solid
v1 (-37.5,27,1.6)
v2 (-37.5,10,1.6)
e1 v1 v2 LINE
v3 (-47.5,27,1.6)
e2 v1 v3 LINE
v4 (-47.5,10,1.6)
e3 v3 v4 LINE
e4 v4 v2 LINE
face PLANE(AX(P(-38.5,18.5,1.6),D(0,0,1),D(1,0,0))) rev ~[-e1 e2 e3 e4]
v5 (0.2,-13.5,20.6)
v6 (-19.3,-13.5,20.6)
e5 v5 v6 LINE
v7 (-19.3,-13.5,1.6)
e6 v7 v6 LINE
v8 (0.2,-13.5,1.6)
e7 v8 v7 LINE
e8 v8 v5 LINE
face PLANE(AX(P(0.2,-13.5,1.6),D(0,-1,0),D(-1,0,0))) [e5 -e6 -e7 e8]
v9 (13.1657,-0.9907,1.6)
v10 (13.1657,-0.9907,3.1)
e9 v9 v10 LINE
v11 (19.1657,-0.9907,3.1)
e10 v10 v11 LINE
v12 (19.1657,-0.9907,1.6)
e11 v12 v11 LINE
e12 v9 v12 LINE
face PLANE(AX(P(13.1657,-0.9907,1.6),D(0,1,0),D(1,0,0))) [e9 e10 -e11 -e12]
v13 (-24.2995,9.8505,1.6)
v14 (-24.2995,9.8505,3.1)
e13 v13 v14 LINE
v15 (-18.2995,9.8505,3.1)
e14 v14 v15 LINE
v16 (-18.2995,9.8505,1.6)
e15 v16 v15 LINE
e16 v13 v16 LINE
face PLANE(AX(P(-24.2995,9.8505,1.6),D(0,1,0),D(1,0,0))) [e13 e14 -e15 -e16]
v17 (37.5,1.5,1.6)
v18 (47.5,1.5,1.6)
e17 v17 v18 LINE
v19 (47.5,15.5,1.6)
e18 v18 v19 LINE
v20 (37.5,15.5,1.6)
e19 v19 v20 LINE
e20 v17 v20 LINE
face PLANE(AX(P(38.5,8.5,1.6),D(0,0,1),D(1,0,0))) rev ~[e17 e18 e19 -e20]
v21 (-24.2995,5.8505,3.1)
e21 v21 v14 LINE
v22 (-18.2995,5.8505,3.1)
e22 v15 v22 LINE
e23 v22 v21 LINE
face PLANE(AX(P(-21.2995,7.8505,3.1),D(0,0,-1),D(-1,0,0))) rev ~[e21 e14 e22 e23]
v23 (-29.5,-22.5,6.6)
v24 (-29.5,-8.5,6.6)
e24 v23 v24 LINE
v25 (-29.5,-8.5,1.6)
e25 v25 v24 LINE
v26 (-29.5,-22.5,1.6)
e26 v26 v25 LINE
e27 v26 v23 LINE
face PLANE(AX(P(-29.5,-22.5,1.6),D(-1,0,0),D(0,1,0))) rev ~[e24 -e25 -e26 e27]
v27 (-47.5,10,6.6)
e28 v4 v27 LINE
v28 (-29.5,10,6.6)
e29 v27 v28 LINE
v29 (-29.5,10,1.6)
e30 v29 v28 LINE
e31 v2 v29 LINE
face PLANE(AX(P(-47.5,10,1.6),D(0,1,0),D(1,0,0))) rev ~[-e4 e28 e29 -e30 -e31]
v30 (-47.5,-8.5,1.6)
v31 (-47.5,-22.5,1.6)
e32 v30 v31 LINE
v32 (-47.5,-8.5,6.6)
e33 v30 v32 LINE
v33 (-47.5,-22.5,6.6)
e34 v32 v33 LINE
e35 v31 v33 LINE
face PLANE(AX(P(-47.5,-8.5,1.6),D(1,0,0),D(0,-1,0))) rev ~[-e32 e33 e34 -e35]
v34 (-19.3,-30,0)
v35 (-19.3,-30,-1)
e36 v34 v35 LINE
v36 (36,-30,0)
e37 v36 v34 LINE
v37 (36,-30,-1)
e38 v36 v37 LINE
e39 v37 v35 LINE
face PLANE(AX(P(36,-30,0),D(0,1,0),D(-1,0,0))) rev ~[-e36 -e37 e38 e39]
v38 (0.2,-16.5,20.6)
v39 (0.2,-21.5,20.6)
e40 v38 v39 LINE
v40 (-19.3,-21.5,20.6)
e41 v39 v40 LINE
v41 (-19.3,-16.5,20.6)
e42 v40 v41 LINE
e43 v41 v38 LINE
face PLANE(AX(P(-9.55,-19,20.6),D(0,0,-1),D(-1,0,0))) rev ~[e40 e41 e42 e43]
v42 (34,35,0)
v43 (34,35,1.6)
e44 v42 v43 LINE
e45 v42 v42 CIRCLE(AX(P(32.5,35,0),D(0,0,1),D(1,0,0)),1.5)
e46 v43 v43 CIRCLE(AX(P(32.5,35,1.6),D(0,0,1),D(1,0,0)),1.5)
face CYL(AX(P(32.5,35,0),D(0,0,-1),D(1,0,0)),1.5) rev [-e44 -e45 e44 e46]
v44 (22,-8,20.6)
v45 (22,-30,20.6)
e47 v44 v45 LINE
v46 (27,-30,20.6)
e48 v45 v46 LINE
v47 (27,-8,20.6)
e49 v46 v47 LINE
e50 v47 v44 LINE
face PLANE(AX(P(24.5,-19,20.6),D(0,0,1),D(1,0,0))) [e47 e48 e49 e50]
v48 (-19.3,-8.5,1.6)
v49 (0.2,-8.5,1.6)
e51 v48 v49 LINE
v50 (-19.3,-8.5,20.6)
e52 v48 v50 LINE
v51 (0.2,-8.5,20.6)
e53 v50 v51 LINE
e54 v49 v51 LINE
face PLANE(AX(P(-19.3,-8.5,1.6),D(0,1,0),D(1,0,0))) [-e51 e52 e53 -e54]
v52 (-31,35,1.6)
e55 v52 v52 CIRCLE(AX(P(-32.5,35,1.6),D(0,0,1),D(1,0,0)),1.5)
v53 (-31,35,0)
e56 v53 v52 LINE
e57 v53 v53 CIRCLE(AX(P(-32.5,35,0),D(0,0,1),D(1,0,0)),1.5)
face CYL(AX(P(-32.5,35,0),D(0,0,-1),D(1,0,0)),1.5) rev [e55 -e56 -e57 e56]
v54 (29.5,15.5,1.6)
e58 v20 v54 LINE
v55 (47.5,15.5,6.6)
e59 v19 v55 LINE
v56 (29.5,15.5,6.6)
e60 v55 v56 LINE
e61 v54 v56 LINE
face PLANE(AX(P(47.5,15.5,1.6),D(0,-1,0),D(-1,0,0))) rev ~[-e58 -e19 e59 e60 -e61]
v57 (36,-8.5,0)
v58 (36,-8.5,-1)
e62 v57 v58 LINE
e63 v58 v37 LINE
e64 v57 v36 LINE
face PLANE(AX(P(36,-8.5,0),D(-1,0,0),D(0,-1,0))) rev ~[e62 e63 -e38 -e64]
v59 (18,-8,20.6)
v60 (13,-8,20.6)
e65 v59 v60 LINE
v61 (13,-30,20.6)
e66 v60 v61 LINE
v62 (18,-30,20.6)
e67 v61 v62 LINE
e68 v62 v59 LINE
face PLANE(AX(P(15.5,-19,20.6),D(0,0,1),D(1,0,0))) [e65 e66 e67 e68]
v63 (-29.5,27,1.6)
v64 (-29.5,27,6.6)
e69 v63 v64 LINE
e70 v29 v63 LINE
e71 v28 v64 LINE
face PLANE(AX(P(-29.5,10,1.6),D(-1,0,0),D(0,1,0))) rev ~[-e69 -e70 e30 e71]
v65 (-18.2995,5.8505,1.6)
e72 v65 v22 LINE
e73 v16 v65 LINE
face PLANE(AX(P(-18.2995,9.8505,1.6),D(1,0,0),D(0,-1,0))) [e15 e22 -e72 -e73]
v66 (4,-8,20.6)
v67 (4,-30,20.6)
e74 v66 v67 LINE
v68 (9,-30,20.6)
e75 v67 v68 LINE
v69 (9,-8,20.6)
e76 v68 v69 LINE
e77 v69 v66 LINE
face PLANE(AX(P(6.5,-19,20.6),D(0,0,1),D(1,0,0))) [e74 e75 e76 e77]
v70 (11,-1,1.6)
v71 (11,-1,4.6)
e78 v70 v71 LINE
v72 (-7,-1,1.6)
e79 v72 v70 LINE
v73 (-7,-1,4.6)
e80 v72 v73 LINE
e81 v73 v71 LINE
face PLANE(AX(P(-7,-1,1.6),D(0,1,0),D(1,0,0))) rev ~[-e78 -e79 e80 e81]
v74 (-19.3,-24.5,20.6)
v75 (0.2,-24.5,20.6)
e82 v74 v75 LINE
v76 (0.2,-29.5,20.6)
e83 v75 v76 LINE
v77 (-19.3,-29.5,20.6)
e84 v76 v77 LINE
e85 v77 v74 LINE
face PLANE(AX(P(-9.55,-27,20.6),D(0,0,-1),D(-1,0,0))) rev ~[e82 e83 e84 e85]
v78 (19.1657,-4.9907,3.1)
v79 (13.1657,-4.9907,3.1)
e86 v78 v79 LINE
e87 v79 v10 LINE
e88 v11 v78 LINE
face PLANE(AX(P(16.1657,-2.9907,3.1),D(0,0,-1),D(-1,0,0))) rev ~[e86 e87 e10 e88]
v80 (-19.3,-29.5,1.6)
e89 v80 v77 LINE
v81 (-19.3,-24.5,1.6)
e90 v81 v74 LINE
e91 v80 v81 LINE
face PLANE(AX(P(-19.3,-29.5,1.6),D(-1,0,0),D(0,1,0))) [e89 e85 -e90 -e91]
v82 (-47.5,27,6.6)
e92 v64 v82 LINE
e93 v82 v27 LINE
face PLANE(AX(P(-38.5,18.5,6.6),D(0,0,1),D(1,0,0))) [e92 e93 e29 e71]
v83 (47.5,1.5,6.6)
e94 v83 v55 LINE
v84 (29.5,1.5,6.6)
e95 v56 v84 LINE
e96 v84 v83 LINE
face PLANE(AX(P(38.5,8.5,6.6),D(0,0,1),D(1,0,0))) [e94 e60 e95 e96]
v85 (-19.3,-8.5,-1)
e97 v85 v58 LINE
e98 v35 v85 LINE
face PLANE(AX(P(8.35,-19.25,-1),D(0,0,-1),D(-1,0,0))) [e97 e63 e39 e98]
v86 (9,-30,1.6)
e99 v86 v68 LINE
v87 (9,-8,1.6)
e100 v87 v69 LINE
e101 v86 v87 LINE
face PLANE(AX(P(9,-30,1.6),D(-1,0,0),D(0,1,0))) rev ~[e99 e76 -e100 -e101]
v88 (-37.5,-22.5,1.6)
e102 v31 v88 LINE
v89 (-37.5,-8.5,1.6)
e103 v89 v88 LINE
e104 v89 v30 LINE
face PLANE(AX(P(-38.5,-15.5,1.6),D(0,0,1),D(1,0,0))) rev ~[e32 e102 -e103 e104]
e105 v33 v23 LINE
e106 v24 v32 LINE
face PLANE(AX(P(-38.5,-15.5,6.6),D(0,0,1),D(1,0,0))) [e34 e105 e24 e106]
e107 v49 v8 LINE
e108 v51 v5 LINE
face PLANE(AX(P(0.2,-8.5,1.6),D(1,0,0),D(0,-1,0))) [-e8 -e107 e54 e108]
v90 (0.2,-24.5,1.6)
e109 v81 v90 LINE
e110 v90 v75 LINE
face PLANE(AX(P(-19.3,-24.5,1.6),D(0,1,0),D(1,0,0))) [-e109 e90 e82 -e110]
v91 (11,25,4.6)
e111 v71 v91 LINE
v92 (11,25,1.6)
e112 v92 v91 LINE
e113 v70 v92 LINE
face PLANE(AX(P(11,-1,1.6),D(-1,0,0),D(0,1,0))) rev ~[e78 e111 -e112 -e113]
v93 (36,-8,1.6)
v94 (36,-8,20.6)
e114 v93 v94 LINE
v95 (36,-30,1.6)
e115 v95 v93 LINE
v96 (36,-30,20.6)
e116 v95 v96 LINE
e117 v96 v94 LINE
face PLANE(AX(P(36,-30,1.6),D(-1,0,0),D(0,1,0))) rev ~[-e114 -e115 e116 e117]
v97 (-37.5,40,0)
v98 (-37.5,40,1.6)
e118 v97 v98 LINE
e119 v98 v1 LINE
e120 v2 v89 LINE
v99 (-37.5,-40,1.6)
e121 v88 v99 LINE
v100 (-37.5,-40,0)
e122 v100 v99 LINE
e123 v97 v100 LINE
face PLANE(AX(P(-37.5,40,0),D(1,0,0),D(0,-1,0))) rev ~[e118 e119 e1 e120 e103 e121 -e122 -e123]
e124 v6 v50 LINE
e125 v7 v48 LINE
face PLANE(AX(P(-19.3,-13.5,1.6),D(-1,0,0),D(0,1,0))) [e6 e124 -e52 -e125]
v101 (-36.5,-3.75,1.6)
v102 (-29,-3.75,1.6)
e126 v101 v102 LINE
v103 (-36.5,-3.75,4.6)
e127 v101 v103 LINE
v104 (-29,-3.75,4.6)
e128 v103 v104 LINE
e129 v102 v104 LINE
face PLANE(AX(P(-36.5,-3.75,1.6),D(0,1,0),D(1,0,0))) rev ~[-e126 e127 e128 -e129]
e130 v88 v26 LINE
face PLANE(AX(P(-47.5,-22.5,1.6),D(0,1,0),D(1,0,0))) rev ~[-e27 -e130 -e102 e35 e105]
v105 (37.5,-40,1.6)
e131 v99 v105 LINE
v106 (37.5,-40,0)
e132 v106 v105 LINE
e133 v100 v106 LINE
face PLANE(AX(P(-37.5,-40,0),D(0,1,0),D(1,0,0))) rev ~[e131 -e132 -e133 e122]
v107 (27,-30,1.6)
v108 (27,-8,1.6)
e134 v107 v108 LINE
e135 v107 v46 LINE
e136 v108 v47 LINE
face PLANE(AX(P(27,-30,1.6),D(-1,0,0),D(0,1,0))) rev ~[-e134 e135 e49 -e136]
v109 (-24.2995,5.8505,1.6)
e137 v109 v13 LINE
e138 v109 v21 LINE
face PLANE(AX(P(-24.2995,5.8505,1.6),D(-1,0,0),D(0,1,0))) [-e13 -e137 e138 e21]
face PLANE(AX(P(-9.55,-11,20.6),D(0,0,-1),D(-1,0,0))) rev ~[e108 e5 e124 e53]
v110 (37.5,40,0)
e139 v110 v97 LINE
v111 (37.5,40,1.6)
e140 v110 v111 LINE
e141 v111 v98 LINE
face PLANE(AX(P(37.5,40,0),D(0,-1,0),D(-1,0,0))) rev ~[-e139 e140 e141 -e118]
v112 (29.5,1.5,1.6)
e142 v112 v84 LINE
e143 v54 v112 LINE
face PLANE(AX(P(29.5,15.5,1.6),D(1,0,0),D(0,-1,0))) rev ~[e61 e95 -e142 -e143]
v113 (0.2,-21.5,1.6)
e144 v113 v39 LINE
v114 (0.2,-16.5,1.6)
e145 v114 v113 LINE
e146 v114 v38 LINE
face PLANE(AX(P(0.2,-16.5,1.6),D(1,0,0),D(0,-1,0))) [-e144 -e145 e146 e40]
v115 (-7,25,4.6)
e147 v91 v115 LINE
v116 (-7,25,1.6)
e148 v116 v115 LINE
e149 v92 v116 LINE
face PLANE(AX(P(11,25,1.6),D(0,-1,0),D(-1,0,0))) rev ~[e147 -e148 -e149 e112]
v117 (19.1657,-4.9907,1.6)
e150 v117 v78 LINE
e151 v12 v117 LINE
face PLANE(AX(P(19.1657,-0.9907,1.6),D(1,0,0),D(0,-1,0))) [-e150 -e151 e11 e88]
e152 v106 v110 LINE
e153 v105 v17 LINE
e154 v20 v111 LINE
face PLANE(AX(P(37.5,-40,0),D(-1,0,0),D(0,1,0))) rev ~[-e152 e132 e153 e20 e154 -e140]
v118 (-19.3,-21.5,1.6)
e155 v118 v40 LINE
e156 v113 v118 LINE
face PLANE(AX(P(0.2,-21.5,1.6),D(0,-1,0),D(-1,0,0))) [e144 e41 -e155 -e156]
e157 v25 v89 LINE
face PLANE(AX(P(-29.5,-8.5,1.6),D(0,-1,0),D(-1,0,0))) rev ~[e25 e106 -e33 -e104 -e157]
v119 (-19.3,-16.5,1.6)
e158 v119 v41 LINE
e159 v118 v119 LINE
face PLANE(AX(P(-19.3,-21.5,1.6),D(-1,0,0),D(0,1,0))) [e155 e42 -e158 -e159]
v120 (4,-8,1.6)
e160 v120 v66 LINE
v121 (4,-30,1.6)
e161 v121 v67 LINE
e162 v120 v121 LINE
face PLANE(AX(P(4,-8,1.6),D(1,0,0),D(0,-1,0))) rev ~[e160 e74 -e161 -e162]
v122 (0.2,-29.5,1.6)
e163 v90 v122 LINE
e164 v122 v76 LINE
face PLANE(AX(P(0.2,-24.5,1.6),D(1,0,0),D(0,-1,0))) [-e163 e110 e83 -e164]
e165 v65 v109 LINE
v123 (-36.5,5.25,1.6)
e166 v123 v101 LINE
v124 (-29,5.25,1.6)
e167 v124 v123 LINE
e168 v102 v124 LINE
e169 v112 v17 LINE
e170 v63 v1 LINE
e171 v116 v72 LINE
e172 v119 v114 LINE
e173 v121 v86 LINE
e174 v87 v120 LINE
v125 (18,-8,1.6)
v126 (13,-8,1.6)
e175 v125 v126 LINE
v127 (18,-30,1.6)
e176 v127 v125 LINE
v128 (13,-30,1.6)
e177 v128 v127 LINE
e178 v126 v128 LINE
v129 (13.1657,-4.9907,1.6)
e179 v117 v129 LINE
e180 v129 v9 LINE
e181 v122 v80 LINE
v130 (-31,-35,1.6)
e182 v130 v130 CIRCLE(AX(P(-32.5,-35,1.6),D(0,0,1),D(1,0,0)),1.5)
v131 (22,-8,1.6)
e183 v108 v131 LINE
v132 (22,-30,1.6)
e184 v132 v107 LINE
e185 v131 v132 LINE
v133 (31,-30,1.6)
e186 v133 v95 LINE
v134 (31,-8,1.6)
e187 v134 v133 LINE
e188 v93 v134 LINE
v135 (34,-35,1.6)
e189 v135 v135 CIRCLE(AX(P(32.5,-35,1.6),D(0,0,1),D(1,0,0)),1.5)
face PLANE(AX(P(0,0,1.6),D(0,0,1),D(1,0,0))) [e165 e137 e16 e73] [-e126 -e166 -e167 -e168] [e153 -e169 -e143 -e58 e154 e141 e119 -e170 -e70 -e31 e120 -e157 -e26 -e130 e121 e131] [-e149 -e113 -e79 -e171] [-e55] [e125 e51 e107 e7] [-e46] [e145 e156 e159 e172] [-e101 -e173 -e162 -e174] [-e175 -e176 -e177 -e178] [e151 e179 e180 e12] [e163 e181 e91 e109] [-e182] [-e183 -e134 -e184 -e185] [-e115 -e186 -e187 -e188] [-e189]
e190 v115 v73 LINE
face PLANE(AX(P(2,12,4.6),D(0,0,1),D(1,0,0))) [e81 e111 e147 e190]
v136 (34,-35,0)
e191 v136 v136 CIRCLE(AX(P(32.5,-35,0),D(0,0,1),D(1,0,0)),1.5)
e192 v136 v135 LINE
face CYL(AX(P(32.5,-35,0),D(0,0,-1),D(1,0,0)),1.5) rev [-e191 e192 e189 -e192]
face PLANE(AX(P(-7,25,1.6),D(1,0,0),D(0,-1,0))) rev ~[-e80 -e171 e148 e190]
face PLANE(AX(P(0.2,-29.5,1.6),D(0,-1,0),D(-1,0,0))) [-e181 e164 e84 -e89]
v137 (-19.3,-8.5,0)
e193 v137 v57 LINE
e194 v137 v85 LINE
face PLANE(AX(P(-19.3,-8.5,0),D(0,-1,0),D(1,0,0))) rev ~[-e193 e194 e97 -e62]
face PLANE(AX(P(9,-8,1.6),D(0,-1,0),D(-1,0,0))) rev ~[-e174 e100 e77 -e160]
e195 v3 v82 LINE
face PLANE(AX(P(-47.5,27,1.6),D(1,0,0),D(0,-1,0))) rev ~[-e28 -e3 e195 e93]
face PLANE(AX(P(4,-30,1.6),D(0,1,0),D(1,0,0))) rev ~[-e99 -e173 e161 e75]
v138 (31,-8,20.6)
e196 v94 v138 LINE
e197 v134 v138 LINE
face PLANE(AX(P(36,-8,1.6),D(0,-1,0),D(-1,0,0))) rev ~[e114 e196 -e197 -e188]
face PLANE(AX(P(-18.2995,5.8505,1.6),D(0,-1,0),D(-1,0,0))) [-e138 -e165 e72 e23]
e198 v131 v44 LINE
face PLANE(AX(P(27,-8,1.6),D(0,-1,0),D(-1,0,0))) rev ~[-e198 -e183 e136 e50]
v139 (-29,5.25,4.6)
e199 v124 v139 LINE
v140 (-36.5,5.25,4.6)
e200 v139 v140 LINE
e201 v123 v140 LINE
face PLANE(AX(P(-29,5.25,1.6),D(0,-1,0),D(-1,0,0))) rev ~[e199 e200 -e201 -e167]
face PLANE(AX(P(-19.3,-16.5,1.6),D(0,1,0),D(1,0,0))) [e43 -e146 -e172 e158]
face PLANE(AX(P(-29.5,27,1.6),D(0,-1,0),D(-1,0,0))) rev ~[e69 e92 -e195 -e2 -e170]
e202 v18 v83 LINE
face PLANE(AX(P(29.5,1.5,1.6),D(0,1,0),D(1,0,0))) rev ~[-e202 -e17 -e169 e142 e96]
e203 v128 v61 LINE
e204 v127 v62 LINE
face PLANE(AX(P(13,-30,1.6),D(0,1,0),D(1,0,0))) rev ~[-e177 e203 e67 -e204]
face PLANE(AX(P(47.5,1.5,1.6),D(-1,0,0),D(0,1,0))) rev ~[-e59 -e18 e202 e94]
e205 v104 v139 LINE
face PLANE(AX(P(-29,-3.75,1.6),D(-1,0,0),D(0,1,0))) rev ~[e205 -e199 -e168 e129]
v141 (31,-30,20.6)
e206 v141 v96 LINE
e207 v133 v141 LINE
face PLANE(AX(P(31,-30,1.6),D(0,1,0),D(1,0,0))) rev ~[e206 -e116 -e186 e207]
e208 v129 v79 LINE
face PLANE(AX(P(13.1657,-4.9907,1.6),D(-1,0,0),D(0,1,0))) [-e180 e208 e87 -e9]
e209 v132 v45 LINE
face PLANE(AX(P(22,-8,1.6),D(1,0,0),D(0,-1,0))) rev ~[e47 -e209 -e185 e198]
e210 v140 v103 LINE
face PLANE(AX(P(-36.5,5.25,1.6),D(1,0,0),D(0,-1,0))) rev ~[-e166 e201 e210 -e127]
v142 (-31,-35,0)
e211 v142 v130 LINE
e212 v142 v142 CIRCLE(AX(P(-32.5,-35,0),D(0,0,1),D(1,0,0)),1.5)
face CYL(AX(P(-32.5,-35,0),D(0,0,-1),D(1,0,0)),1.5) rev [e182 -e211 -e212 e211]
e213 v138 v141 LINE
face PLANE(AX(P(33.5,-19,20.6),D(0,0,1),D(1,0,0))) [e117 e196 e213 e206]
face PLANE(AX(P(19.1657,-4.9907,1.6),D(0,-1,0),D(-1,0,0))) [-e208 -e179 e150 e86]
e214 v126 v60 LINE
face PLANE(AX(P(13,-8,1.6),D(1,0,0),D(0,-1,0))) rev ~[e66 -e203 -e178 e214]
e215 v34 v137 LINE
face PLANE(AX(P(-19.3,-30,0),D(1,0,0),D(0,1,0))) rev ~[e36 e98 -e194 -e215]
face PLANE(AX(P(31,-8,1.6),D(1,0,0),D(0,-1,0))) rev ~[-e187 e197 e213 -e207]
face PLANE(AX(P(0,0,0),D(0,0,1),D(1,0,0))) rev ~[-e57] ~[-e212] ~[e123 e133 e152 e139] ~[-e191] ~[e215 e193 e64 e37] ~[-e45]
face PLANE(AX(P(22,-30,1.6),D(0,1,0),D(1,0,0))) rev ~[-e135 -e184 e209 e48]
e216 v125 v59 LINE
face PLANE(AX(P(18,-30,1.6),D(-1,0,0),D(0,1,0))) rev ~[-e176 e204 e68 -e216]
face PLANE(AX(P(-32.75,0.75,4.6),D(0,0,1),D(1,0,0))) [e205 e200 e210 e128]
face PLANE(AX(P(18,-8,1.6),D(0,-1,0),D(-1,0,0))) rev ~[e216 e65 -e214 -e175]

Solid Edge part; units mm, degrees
sketch "Sketch1" plane through (0, 0, 0) normal (0, 0, 1) x (1, 0, 0)
  circle A0 centre (32.5, 35) radius 1.5
  line L0 (37.5, 40) -> (-37.5, 40)
  line L1 (-37.5, 40) -> (-37.5, -40)
  line L2 (-37.5, -40) -> (37.5, -40)
  line L3 (37.5, -40) -> (37.5, 40)
  circle A1 centre (-32.5, -35) radius 1.5
  circle A2 centre (-32.5, 35) radius 1.5
  circle A3 centre (32.5, -35) radius 1.5
  dimension "D1" = 80
  dimension "D2" = 75
  dimension "D3" = 3
  dimension "D4" = 70
  dimension "D5" = 65
extrude "Protrusion1" add sketch "Sketch1" along normal blind 1.6
sketch "Sketch2" plane through (0, 0, 1.6) normal (0, 0, 1) x (1, 0, 0)
  line L0 (0.2, -24.5) -> (0.2, -29.5)
  line L1 (0.2, -29.5) -> (-19.3, -29.5)
  line L2 (-19.3, -29.5) -> (-19.3, -24.5)
  line L3 (-19.3, -24.5) -> (0.2, -24.5)
  line L4 (0.2, -16.5) -> (0.2, -21.5)
  line L5 (0.2, -21.5) -> (-19.3, -21.5)
  line L6 (-19.3, -21.5) -> (-19.3, -16.5)
  line L7 (-19.3, -16.5) -> (0.2, -16.5)
  line L8 (0.2, -8.5) -> (0.2, -13.5)
  line L9 (0.2, -13.5) -> (-19.3, -13.5)
  line L10 (-19.3, -13.5) -> (-19.3, -8.5)
  line L11 (-19.3, -8.5) -> (0.2, -8.5)
  line L12 (9, -8) -> (4, -8)
  line L13 (4, -8) -> (4, -30)
  line L14 (4, -30) -> (9, -30)
  line L15 (9, -30) -> (9, -8)
  line L16 (18, -8) -> (13, -8)
  line L17 (13, -8) -> (13, -30)
  line L18 (13, -30) -> (18, -30)
  line L19 (18, -30) -> (18, -8)
  line L20 (27, -8) -> (22, -8)
  line L21 (22, -8) -> (22, -30)
  line L22 (22, -30) -> (27, -30)
  line L23 (27, -30) -> (27, -8)
  line L24 (31, -8) -> (31, -30)
  line L25 (31, -30) -> (36, -30)
  line L26 (36, -30) -> (36, -8)
  line L27 (36, -8) -> (31, -8)
  dimension "D1" = 18
  dimension "D2" = 14
  dimension "D3" = 5
  dimension "D4" = 22
  dimension "D5" = 19.5
  dimension "D6" = 5
  dimension "D7" = 27
  dimension "D8" = 1.5
  dimension "D9" = 10
  dimension "D10" = 3.8
  dimension "D11" = 3
  dimension "D12" = 10.5
  dimension "D13" = 10
  dimension "D14" = 24.5
  dimension "D15" = 18
  dimension "D16" = 14
  dimension "D17" = 10
  dimension "D18" = 17.5
  dimension "D19" = 17
  dimension "D20" = 18
  dimension "D21" = 10
  dimension "D22" = 13
  dimension "D23" = 9
  dimension "D24" = 7.5
  dimension "D25" = 1
  dimension "D26" = 26
  dimension "D27" = 18
  dimension "D28" = 15
  dimension "D29" = 26.5
  dimension "D30" = 6
  dimension "D31" = 4
  dimension "D32" = 6
  dimension "D33" = 4
extrude "ExtrudedProtrusion_2" add sketch "Sketch2" along normal blind 19
sketch "Sketch3" plane through (0, 0, 1.6) normal (0, 0, 1) x (1, 0, 0)
  line L0 (-36.5, 5.25) -> (-36.5, -3.75)
  line L1 (-36.5, -3.75) -> (-29, -3.75)
  line L2 (-29, -3.75) -> (-29, 5.25)
  line L3 (-29, 5.25) -> (-36.5, 5.25)
  line L4 (11, 25) -> (-7, 25)
  line L5 (-7, 25) -> (-7, -1)
  line L6 (-7, -1) -> (11, -1)
  line L7 (11, -1) -> (11, 25)
  dimension "D1" = 18
  dimension "D2" = 14
  dimension "D3" = 5
  dimension "D4" = 22
  dimension "D5" = 19.5
  dimension "D6" = 5
  dimension "D7" = 27
  dimension "D8" = 1.5
  dimension "D9" = 10
  dimension "D10" = 3.8
  dimension "D11" = 3
  dimension "D12" = 10.5
  dimension "D13" = 10
  dimension "D14" = 24.5
  dimension "D15" = 18
  dimension "D16" = 14
  dimension "D17" = 10
  dimension "D18" = 17.5
  dimension "D19" = 17
  dimension "D20" = 18
  dimension "D21" = 10
  dimension "D22" = 13
  dimension "D23" = 9
  dimension "D24" = 7.5
  dimension "D25" = 1
  dimension "D26" = 26
  dimension "D27" = 18
  dimension "D28" = 15
  dimension "D29" = 26.5
  dimension "D30" = 6
  dimension "D31" = 4
  dimension "D32" = 6
  dimension "D33" = 4
extrude "ExtrudedProtrusion_3" add sketch "Sketch3" along normal blind 3
sketch "Sketch4" plane through (0, 0, 1.6) normal (0, 0, 1) x (1, 0, 0)
  line L0 (-29.5, -8.5) -> (-47.5, -8.5)
  line L1 (-47.5, -8.5) -> (-47.5, -22.5)
  line L2 (-47.5, -22.5) -> (-29.5, -22.5)
  line L3 (-29.5, -22.5) -> (-29.5, -8.5)
  line L4 (-47.5, 10) -> (-29.5, 10)
  line L5 (-29.5, 10) -> (-29.5, 27)
  line L6 (-29.5, 27) -> (-47.5, 27)
  line L7 (-47.5, 27) -> (-47.5, 10)
  line L8 (47.5, 15.5) -> (29.5, 15.5)
  line L9 (29.5, 15.5) -> (29.5, 1.5)
  line L10 (29.5, 1.5) -> (47.5, 1.5)
  line L11 (47.5, 1.5) -> (47.5, 15.5)
  dimension "D1" = 18
  dimension "D2" = 14
  dimension "D3" = 5
  dimension "D4" = 22
  dimension "D5" = 19.5
  dimension "D6" = 5
  dimension "D7" = 27
  dimension "D8" = 1.5
  dimension "D9" = 10
  dimension "D10" = 3.8
  dimension "D11" = 3
  dimension "D12" = 10.5
  dimension "D13" = 10
  dimension "D14" = 24.5
  dimension "D15" = 18
  dimension "D16" = 14
  dimension "D17" = 10
  dimension "D18" = 17.5
  dimension "D19" = 17
  dimension "D20" = 18
  dimension "D21" = 10
  dimension "D22" = 13
  dimension "D23" = 9
  dimension "D24" = 7.5
  dimension "D25" = 1
  dimension "D26" = 26
  dimension "D27" = 18
  dimension "D28" = 15
  dimension "D29" = 26.5
  dimension "D30" = 6
  dimension "D31" = 4
  dimension "D32" = 6
  dimension "D33" = 4
extrude "ExtrudedProtrusion_4" add sketch "Sketch4" along normal blind 5
sketch "Sketch5" plane through (0, 0, 1.6) normal (0, 0, 1) x (1, 0, 0)
  line L0 (-18.2995, 5.8505) -> (-24.2995, 5.8505)
  line L1 (-24.2995, 5.8505) -> (-24.2995, 9.8505)
  line L2 (-24.2995, 9.8505) -> (-18.2995, 9.8505)
  line L3 (-18.2995, 9.8505) -> (-18.2995, 5.8505)
  line L4 (13.1657, -4.9907) -> (13.1657, -0.9907)
  line L5 (13.1657, -0.9907) -> (19.1657, -0.9907)
  line L6 (19.1657, -0.9907) -> (19.1657, -4.9907)
  line L7 (19.1657, -4.9907) -> (13.1657, -4.9907)
  dimension "D1" = 18
  dimension "D2" = 14
  dimension "D3" = 5
  dimension "D4" = 22
  dimension "D5" = 19.5
  dimension "D6" = 5
  dimension "D7" = 27
  dimension "D8" = 1.5
  dimension "D9" = 10
  dimension "D10" = 3.8
  dimension "D11" = 3
  dimension "D12" = 10.5
  dimension "D13" = 10
  dimension "D14" = 24.5
  dimension "D15" = 18
  dimension "D16" = 14
  dimension "D17" = 10
  dimension "D18" = 17.5
  dimension "D19" = 17
  dimension "D20" = 18
  dimension "D21" = 10
  dimension "D22" = 13
  dimension "D23" = 9
  dimension "D24" = 7.5
  dimension "D25" = 1
  dimension "D26" = 26
  dimension "D27" = 18
  dimension "D28" = 15
  dimension "D29" = 26.5
  dimension "D30" = 6
  dimension "D31" = 4
  dimension "D32" = 6
  dimension "D33" = 4
extrude "ExtrudedProtrusion_5" add sketch "Sketch5" along normal blind 1.5
sketch "Sketch6" plane through (0, 0, 0) normal (0, 0, -1) x (-1, 0, 0)
  line L0 (-36, -8.5) -> (-36, -30)
  line L1 (-36, -30) -> (19.3, -30)
  line L2 (19.3, -30) -> (19.3, -8.5)
  line L3 (19.3, -8.5) -> (-36, -8.5)
extrude "ExtrudedProtrusion_6" add sketch "Sketch6" along normal blind 1
properties material "Polycarbonate"
